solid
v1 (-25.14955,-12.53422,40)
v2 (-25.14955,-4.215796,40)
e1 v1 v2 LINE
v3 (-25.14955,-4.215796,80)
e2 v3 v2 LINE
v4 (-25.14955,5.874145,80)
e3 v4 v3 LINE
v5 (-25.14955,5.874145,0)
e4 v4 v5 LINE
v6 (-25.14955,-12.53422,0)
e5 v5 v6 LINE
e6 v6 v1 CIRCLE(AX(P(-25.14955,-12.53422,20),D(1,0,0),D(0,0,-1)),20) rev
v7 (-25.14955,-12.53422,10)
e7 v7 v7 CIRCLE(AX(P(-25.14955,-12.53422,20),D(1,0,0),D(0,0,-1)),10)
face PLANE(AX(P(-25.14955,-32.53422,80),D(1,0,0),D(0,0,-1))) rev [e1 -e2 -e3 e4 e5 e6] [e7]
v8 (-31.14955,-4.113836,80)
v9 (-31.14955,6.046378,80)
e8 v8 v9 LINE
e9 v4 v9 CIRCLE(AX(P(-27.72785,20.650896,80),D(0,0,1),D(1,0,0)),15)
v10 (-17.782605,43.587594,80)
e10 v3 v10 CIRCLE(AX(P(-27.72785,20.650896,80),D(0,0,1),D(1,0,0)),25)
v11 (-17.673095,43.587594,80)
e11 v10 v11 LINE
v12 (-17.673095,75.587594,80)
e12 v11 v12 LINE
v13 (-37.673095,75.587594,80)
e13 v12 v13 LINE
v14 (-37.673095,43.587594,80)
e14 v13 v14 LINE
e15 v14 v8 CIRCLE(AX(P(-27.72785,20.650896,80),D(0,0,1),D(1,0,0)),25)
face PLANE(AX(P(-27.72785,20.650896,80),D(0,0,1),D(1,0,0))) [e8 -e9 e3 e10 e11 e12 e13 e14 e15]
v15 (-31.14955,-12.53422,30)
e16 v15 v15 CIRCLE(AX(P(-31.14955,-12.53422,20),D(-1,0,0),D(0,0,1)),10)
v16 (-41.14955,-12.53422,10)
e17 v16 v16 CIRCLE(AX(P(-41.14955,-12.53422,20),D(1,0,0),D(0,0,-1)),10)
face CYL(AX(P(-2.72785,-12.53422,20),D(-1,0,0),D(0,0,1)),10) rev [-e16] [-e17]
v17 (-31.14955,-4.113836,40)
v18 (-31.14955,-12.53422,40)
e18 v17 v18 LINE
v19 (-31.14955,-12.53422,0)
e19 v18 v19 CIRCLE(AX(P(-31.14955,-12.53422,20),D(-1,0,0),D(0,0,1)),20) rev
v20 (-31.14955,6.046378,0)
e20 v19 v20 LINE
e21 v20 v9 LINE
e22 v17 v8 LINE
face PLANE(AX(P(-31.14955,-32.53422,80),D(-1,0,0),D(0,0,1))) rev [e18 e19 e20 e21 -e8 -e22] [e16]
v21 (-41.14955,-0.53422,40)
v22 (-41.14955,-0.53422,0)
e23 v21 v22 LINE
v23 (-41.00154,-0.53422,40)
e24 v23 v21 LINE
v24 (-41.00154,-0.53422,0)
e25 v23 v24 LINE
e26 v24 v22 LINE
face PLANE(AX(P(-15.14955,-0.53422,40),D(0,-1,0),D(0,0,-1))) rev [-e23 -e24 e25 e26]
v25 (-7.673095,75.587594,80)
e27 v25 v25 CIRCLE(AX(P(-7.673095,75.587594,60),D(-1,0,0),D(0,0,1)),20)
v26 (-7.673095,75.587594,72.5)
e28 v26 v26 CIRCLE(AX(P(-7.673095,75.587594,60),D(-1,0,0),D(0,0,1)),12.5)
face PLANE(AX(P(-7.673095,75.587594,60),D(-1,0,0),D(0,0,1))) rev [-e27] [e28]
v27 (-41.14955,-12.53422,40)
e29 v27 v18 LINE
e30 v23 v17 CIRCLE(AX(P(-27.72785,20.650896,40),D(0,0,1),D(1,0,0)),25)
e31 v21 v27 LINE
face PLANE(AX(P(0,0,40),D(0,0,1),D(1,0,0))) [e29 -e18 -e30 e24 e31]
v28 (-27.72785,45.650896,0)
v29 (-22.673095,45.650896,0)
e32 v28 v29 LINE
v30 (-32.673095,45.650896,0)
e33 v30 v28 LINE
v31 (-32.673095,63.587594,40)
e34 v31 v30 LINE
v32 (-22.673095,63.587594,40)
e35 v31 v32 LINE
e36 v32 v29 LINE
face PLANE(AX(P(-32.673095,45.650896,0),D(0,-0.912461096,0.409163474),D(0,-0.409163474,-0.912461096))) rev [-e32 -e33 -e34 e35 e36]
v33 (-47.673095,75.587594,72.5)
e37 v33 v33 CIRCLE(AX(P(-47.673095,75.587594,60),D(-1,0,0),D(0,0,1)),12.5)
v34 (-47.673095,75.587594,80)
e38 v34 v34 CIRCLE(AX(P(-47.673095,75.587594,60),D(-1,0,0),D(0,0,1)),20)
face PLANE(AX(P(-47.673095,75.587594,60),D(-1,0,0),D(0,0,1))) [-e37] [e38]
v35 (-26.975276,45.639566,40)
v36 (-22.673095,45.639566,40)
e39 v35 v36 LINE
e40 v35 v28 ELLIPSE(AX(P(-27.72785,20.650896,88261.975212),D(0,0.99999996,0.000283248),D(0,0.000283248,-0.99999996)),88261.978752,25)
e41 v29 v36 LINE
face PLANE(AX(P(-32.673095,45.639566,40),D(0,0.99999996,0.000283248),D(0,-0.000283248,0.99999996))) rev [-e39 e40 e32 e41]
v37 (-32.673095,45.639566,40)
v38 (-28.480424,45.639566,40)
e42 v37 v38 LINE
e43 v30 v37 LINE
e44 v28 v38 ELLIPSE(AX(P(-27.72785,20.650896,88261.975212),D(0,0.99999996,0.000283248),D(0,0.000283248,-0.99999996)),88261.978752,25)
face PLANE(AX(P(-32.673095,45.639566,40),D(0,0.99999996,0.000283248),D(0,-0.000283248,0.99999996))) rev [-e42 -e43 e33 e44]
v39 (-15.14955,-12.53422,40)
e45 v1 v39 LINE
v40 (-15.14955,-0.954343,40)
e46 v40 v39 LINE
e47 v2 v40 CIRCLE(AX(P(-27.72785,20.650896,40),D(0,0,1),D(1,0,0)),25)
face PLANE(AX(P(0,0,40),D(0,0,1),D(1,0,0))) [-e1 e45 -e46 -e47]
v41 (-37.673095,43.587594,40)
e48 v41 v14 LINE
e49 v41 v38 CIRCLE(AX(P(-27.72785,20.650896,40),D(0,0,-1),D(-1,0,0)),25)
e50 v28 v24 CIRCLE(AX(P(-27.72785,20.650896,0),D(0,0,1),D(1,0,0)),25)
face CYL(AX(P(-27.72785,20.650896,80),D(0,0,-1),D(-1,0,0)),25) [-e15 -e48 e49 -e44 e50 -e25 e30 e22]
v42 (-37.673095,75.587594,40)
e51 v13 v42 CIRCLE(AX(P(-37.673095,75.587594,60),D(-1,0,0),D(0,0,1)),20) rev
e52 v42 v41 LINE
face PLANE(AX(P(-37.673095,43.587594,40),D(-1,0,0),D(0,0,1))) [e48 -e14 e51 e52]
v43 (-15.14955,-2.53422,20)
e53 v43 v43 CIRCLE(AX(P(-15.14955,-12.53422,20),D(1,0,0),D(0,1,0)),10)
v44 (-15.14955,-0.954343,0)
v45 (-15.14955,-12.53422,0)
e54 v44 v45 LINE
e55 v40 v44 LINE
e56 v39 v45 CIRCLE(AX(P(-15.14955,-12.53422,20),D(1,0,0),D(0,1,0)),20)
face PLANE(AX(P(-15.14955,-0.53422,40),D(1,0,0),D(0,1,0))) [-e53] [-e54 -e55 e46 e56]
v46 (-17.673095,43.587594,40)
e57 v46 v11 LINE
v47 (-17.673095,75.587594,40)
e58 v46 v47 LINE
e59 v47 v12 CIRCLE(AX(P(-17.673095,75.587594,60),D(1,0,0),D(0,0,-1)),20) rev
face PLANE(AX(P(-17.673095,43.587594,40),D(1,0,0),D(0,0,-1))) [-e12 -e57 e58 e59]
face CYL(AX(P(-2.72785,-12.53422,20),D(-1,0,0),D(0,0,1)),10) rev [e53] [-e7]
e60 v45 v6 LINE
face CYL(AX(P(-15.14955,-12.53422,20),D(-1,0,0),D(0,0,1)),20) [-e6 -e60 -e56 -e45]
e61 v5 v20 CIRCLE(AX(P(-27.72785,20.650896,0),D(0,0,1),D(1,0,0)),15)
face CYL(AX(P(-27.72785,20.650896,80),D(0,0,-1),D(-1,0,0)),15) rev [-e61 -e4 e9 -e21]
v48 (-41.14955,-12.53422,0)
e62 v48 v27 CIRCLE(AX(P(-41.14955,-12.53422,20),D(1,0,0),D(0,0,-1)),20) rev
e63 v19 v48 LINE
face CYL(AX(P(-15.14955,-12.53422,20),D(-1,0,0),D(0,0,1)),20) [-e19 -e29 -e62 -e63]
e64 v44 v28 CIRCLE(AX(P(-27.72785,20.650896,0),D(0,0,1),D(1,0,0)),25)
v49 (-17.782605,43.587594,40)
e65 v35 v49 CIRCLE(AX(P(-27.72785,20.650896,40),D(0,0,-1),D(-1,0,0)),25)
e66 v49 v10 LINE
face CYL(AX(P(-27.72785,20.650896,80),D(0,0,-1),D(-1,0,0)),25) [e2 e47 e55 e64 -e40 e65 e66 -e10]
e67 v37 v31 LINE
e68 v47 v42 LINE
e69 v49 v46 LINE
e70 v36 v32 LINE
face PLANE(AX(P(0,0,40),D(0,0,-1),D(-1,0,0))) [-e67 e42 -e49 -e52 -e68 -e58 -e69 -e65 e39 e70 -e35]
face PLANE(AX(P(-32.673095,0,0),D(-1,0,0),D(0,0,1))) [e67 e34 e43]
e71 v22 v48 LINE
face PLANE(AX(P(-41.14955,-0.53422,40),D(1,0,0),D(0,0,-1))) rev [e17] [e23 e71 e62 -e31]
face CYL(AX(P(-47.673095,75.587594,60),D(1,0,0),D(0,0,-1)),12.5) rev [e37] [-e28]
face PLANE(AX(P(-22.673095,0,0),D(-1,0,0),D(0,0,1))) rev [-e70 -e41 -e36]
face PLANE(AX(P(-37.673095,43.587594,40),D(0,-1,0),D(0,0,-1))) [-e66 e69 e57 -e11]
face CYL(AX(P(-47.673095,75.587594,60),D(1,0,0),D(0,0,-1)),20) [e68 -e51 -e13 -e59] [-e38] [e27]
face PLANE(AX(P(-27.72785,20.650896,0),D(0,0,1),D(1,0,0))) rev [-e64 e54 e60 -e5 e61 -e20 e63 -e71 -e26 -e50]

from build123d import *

# Parameters (mm, degrees)
IZIM1_R                     = 25
IZIM1_R_2                   = 15
Y_KSEKLIK_EKSTR_ZYON1_DEPTH = 80
IZIM3_W                     = 26
IZIM3_H                     = 32
Y_KSEKLIK_EKSTR_ZYON3_DEPTH = 40
RADYUS2_RADIUS              = 20
RADYUS2_LENGTH              = 26
IZIM5_W                     = 6
IZIM5_H                     = 44.006307857
KES_EKSTR_ZYON1_DEPTH       = 107.133079222
KES_EKSTR_ZYON2_DEPTH       = 100.800958853
KES_EKSTR_ZYON2_DEPTH_BACK  = 100.800958853
IZIM7_R                     = 10
IZIM9_W                     = 20
IZIM9_H                     = 32
Y_KSEKLIK_EKSTR_ZYON4_DEPTH = 40
Y_KSEKLIK_EKSTR_ZYON5_DEPTH = 5
IZIM11_R                    = 20
IZIM11_R_2                  = 12.5
Y_KSEKLIK_EKSTR_ZYON6_DEPTH = 20
KES_EKSTR_ZYON3_DEPTH       = 130.453305469
KES_EKSTR_ZYON3_DEPTH_BACK  = 130.453305469
IZIM12_R                    = 12.5


with BuildPart() as part:
    # Çizim1 → Yükseklik-Ekstrüzyon1 (new body)
    with BuildSketch(Plane.XY):
        with Locations((-27.727849989, 20.650896384)):
            Circle(IZIM1_R)
        with Locations((-27.727849989, 20.650896384)):
            Circle(IZIM1_R_2, mode=Mode.SUBTRACT)
    extrude(amount=Y_KSEKLIK_EKSTR_ZYON1_DEPTH)

    # Çizim3 → Yükseklik-Ekstrüzyon3 (add)
    with BuildSketch(Plane(origin=(0, 0, 0), x_dir=(-1, 0, 0), z_dir=(0, 0, -1))):
        with Locations((28.149550203, -16.534219889)):
            Rectangle(IZIM3_W, IZIM3_H)
    extrude(amount=-Y_KSEKLIK_EKSTR_ZYON3_DEPTH)

    # Radyus2: full round fillet: the end face becomes a half cylinder, R = half its width
    radyus2_face = Plane((-28.149550203, -32.534219889, 20), x_dir=(-1, 0, 0), z_dir=(0, -1, 0))  # on the end face: x along it, z out of the body
    radyus2_slab = radyus2_face.offset(-RADYUS2_RADIUS / 2) * Box(RADYUS2_LENGTH, 2 * RADYUS2_RADIUS, RADYUS2_RADIUS, mode=Mode.PRIVATE)  # the body's end, R deep
    radyus2_round = Plane((-28.149550203, -12.534219889, 20), x_dir=(0, -1, 0), z_dir=(-1, 0, 0)) * Cylinder(RADYUS2_RADIUS, RADYUS2_LENGTH, mode=Mode.PRIVATE)  # its axis R under the face
    add(radyus2_slab - radyus2_round, mode=Mode.SUBTRACT)

    # Çizim5 → Kes-Ekstrüzyon1 (cut, through all)
    with BuildSketch(Plane(origin=(0, 0, 0), x_dir=(-1, 0, 0), z_dir=(0, 0, -1))):
        with Locations((28.149550203, -10.53106596)):
            Rectangle(IZIM5_W, IZIM5_H)
    extrude(amount=-KES_EKSTR_ZYON1_DEPTH, mode=Mode.SUBTRACT)

    # Çizim7 → Kes-Ekstrüzyon2 (cut, two sides: drawn at the far end of the back side and taken through both)
    with BuildSketch(Plane.ZY.offset(41.149550203).offset(-KES_EKSTR_ZYON2_DEPTH_BACK)):
        with Locations(Location((20, -12.534219889, 0), (0, 0, 90))):
            Circle(IZIM7_R)
    extrude(amount=KES_EKSTR_ZYON2_DEPTH + KES_EKSTR_ZYON2_DEPTH_BACK, mode=Mode.SUBTRACT)

    # Çizim9 → Yükseklik-Ekstrüzyon4 (add)
    with BuildSketch(Plane.XY.offset(80)):
        with Locations((-27.673094682, 59.587594228)):
            Rectangle(IZIM9_W, IZIM9_H)
    extrude(amount=-Y_KSEKLIK_EKSTR_ZYON4_DEPTH)

    # Çizim10 → Yükseklik-Ekstrüzyon5 (add, symmetric)
    with BuildSketch(Plane.ZY.offset(27.673094682)):
        Polygon((0, 45.650896384), (40, 63.587594228), (40, 45.639566476), align=None)
    extrude(amount=Y_KSEKLIK_EKSTR_ZYON5_DEPTH, both=True)

    # Çizim11 → Yükseklik-Ekstrüzyon6 (add, symmetric)
    with BuildSketch(Plane.ZY.offset(27.673094682)):
        with Locations((60, 75.587594228)):
            Circle(IZIM11_R)
        with Locations((60, 75.587594228)):
            Circle(IZIM11_R_2, mode=Mode.SUBTRACT)
    extrude(amount=Y_KSEKLIK_EKSTR_ZYON6_DEPTH, both=True)

    # Çizim12 → Kes-Ekstrüzyon3 (cut, two sides: drawn at the far end of the back side and taken through both)
    with BuildSketch(Plane.ZY.offset(37.673094682).offset(-KES_EKSTR_ZYON3_DEPTH_BACK)):
        with Locations((60, 75.587594228)):
            Circle(IZIM12_R)
    extrude(amount=KES_EKSTR_ZYON3_DEPTH + KES_EKSTR_ZYON3_DEPTH_BACK, mode=Mode.SUBTRACT)


solid = part.part
